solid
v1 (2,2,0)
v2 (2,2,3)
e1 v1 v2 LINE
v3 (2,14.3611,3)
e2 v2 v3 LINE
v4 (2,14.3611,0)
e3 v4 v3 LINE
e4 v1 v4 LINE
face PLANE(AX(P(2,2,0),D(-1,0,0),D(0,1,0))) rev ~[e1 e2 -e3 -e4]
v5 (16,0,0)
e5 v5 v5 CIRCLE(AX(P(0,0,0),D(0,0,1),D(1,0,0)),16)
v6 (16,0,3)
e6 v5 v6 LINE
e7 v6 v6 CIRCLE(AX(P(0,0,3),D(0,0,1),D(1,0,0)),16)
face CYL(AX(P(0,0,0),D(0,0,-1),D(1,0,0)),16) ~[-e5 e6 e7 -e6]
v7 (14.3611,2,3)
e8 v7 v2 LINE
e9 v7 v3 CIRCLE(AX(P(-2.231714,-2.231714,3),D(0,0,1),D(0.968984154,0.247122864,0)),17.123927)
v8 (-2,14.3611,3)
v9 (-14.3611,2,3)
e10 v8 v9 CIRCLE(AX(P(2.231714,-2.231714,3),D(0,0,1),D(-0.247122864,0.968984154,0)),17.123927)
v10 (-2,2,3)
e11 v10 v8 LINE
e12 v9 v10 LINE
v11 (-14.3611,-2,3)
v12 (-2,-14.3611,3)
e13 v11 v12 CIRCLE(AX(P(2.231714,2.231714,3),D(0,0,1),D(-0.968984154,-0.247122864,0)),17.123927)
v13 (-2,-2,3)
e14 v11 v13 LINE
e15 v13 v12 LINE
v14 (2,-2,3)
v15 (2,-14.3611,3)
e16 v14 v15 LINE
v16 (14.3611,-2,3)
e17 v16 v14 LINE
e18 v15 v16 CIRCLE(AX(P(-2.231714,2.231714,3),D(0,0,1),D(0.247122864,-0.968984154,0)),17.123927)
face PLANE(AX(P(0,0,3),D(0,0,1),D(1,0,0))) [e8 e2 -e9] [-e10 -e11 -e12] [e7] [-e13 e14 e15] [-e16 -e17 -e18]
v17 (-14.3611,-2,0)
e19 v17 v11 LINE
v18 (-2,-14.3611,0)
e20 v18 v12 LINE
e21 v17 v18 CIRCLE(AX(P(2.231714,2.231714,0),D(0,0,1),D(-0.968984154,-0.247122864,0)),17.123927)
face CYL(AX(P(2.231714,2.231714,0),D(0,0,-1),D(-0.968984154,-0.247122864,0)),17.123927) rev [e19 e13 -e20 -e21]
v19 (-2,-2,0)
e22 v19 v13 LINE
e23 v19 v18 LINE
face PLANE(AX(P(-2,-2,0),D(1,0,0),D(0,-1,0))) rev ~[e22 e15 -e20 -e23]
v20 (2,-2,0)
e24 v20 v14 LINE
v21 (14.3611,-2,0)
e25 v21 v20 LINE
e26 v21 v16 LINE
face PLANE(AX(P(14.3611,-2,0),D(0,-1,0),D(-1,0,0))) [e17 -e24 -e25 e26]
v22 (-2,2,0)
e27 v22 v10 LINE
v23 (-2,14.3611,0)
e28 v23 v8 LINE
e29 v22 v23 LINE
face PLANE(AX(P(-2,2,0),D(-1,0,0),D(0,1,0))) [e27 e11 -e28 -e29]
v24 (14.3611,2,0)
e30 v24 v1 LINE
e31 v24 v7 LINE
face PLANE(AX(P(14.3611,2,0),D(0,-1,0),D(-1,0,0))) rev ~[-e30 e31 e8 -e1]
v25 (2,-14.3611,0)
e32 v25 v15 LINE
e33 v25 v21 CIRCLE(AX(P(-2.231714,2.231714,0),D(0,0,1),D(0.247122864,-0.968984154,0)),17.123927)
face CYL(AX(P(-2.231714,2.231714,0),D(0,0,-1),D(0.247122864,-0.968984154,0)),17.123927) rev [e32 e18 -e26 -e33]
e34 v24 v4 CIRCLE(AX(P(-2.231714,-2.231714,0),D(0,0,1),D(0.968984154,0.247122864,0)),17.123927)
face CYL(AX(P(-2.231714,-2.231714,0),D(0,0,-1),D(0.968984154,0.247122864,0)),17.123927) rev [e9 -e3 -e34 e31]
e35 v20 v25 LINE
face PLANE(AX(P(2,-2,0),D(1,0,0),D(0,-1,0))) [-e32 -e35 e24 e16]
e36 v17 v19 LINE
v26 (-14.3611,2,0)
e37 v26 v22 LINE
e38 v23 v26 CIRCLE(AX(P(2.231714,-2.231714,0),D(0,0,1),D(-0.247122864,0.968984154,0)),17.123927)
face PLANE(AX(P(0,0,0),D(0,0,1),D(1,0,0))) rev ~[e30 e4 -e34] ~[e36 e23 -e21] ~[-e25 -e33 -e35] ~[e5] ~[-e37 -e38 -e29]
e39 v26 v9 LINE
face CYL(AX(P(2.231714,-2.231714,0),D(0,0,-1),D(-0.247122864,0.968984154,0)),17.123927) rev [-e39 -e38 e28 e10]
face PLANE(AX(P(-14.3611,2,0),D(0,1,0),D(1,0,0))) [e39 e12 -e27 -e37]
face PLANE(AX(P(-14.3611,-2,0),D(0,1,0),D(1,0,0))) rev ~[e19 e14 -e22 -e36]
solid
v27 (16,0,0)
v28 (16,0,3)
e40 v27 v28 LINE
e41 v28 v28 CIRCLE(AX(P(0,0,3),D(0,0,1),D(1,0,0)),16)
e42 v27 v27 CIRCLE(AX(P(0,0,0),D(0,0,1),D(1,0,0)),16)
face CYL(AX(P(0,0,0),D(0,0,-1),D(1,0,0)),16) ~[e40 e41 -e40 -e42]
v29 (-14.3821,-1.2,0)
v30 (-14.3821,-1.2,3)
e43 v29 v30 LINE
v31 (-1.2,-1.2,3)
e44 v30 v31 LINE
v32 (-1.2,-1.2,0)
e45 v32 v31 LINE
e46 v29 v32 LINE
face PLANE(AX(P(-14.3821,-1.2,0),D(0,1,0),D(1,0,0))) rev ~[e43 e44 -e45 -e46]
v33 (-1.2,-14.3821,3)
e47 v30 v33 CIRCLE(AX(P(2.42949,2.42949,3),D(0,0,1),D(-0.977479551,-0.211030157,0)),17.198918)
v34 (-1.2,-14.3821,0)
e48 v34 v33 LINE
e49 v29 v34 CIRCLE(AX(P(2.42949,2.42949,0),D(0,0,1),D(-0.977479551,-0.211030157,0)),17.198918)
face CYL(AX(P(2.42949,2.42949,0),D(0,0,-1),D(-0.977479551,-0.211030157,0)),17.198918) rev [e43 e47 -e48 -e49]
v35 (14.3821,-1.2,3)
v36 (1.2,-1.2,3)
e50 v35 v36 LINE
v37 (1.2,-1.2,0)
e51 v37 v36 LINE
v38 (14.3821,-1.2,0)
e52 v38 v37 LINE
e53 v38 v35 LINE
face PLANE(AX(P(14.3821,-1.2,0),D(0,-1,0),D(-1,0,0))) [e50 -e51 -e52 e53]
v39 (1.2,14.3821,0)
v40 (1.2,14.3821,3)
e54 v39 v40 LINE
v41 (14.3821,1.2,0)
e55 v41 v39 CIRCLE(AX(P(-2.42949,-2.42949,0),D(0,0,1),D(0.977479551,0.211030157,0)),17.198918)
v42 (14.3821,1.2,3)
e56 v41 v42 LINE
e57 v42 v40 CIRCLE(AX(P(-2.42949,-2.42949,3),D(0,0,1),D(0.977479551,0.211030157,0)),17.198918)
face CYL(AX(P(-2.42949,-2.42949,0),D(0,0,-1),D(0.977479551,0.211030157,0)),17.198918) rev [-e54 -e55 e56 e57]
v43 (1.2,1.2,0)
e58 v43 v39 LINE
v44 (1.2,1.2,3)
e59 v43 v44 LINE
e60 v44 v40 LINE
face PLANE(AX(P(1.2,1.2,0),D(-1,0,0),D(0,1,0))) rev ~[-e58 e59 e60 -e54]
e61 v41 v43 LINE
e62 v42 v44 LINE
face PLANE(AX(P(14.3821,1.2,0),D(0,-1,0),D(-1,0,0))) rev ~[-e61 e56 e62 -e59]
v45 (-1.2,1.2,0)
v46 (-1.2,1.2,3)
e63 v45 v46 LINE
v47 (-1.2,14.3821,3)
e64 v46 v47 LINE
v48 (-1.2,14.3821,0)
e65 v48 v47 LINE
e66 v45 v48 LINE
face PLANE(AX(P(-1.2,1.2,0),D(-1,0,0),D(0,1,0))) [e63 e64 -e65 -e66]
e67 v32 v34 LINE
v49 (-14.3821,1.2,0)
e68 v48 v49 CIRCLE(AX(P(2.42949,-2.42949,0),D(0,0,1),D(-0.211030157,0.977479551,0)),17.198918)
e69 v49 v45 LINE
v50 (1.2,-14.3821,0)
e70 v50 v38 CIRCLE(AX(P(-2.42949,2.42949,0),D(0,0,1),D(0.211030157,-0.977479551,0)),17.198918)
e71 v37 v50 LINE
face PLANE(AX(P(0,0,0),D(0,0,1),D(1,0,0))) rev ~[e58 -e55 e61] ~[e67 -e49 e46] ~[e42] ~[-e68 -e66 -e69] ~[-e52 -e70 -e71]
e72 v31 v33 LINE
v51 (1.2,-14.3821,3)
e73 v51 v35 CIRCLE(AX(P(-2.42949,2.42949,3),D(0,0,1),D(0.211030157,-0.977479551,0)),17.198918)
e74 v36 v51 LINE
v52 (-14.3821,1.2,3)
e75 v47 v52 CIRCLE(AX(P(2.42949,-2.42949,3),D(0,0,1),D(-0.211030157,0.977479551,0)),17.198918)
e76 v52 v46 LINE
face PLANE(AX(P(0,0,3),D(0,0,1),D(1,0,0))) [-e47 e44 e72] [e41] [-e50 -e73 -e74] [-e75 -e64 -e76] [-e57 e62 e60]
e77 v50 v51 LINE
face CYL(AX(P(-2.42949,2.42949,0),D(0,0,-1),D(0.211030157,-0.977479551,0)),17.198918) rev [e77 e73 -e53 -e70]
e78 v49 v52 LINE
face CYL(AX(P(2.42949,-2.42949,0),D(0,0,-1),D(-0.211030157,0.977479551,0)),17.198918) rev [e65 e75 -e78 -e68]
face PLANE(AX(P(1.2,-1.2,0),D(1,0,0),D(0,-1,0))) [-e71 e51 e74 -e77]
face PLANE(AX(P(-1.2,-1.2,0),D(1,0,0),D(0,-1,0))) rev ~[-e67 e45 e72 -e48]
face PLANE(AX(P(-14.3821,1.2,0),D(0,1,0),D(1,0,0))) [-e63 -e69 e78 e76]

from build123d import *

# Parameters (mm, degrees)
SKETCH_R     = 16
PAD_DEPTH    = 3
SKETCH001_R  = 16
PAD001_DEPTH = 3


with BuildPart() as body:
    # Sketch (on XY_Plane of Origin) → Pad (new body)
    with BuildSketch(Plane.XY):
        Circle(SKETCH_R)
        with BuildLine():
            Line((-14.3611, 2), (-2, 2))
            Line((-2, 2), (-2, 14.3611))
            ThreePointArc((-2, 14.3611), (-9.876731, 9.876731), (-14.3611, 2))
        make_face(mode=Mode.SUBTRACT)
        with BuildLine():
            Line((2, 2), (2, 14.3611))
            ThreePointArc((14.3611, 2), (9.876731, 9.876731), (2, 14.3611))
            Line((14.3611, 2), (2, 2))
        make_face(mode=Mode.SUBTRACT)
        with BuildLine():
            ThreePointArc((-14.3611, -2), (-9.876731, -9.876731), (-2, -14.3611))
            Line((-2, -2), (-2, -14.3611))
            Line((-14.3611, -2), (-2, -2))
        make_face(mode=Mode.SUBTRACT)
        with BuildLine():
            Line((2, -2), (2, -14.3611))
            ThreePointArc((2, -14.3611), (9.876731, -9.876731), (14.3611, -2))
            Line((14.3611, -2), (2, -2))
        make_face(mode=Mode.SUBTRACT)
    extrude(amount=PAD_DEPTH)


with BuildPart() as body001:
    # Sketch001 (on XY_Plane of Origin002) → Pad001 (new body)
    with BuildSketch(Plane.XY):
        Circle(SKETCH001_R)
        with BuildLine():
            Line((-14.3821, 1.2), (-1.2, 1.2))
            Line((-1.2, 1.2), (-1.2, 14.3821))
            ThreePointArc((-1.2, 14.3821), (-9.731981, 9.731981), (-14.3821, 1.2))
        make_face(mode=Mode.SUBTRACT)
        with BuildLine():
            Line((1.2, 1.2), (1.2, 14.3821))
            ThreePointArc((14.3821, 1.2), (9.731981, 9.731981), (1.2, 14.3821))
            Line((14.3821, 1.2), (1.2, 1.2))
        make_face(mode=Mode.SUBTRACT)
        with BuildLine():
            ThreePointArc((-14.3821, -1.2), (-9.731981, -9.731981), (-1.2, -14.3821))
            Line((-1.2, -1.2), (-1.2, -14.3821))
            Line((-14.3821, -1.2), (-1.2, -1.2))
        make_face(mode=Mode.SUBTRACT)
        with BuildLine():
            Line((1.2, -1.2), (1.2, -14.3821))
            ThreePointArc((1.2, -14.3821), (9.731981, -9.731981), (14.3821, -1.2))
            Line((14.3821, -1.2), (1.2, -1.2))
        make_face(mode=Mode.SUBTRACT)
    extrude(amount=PAD001_DEPTH)


solid = Compound([body.part, body001.part])
